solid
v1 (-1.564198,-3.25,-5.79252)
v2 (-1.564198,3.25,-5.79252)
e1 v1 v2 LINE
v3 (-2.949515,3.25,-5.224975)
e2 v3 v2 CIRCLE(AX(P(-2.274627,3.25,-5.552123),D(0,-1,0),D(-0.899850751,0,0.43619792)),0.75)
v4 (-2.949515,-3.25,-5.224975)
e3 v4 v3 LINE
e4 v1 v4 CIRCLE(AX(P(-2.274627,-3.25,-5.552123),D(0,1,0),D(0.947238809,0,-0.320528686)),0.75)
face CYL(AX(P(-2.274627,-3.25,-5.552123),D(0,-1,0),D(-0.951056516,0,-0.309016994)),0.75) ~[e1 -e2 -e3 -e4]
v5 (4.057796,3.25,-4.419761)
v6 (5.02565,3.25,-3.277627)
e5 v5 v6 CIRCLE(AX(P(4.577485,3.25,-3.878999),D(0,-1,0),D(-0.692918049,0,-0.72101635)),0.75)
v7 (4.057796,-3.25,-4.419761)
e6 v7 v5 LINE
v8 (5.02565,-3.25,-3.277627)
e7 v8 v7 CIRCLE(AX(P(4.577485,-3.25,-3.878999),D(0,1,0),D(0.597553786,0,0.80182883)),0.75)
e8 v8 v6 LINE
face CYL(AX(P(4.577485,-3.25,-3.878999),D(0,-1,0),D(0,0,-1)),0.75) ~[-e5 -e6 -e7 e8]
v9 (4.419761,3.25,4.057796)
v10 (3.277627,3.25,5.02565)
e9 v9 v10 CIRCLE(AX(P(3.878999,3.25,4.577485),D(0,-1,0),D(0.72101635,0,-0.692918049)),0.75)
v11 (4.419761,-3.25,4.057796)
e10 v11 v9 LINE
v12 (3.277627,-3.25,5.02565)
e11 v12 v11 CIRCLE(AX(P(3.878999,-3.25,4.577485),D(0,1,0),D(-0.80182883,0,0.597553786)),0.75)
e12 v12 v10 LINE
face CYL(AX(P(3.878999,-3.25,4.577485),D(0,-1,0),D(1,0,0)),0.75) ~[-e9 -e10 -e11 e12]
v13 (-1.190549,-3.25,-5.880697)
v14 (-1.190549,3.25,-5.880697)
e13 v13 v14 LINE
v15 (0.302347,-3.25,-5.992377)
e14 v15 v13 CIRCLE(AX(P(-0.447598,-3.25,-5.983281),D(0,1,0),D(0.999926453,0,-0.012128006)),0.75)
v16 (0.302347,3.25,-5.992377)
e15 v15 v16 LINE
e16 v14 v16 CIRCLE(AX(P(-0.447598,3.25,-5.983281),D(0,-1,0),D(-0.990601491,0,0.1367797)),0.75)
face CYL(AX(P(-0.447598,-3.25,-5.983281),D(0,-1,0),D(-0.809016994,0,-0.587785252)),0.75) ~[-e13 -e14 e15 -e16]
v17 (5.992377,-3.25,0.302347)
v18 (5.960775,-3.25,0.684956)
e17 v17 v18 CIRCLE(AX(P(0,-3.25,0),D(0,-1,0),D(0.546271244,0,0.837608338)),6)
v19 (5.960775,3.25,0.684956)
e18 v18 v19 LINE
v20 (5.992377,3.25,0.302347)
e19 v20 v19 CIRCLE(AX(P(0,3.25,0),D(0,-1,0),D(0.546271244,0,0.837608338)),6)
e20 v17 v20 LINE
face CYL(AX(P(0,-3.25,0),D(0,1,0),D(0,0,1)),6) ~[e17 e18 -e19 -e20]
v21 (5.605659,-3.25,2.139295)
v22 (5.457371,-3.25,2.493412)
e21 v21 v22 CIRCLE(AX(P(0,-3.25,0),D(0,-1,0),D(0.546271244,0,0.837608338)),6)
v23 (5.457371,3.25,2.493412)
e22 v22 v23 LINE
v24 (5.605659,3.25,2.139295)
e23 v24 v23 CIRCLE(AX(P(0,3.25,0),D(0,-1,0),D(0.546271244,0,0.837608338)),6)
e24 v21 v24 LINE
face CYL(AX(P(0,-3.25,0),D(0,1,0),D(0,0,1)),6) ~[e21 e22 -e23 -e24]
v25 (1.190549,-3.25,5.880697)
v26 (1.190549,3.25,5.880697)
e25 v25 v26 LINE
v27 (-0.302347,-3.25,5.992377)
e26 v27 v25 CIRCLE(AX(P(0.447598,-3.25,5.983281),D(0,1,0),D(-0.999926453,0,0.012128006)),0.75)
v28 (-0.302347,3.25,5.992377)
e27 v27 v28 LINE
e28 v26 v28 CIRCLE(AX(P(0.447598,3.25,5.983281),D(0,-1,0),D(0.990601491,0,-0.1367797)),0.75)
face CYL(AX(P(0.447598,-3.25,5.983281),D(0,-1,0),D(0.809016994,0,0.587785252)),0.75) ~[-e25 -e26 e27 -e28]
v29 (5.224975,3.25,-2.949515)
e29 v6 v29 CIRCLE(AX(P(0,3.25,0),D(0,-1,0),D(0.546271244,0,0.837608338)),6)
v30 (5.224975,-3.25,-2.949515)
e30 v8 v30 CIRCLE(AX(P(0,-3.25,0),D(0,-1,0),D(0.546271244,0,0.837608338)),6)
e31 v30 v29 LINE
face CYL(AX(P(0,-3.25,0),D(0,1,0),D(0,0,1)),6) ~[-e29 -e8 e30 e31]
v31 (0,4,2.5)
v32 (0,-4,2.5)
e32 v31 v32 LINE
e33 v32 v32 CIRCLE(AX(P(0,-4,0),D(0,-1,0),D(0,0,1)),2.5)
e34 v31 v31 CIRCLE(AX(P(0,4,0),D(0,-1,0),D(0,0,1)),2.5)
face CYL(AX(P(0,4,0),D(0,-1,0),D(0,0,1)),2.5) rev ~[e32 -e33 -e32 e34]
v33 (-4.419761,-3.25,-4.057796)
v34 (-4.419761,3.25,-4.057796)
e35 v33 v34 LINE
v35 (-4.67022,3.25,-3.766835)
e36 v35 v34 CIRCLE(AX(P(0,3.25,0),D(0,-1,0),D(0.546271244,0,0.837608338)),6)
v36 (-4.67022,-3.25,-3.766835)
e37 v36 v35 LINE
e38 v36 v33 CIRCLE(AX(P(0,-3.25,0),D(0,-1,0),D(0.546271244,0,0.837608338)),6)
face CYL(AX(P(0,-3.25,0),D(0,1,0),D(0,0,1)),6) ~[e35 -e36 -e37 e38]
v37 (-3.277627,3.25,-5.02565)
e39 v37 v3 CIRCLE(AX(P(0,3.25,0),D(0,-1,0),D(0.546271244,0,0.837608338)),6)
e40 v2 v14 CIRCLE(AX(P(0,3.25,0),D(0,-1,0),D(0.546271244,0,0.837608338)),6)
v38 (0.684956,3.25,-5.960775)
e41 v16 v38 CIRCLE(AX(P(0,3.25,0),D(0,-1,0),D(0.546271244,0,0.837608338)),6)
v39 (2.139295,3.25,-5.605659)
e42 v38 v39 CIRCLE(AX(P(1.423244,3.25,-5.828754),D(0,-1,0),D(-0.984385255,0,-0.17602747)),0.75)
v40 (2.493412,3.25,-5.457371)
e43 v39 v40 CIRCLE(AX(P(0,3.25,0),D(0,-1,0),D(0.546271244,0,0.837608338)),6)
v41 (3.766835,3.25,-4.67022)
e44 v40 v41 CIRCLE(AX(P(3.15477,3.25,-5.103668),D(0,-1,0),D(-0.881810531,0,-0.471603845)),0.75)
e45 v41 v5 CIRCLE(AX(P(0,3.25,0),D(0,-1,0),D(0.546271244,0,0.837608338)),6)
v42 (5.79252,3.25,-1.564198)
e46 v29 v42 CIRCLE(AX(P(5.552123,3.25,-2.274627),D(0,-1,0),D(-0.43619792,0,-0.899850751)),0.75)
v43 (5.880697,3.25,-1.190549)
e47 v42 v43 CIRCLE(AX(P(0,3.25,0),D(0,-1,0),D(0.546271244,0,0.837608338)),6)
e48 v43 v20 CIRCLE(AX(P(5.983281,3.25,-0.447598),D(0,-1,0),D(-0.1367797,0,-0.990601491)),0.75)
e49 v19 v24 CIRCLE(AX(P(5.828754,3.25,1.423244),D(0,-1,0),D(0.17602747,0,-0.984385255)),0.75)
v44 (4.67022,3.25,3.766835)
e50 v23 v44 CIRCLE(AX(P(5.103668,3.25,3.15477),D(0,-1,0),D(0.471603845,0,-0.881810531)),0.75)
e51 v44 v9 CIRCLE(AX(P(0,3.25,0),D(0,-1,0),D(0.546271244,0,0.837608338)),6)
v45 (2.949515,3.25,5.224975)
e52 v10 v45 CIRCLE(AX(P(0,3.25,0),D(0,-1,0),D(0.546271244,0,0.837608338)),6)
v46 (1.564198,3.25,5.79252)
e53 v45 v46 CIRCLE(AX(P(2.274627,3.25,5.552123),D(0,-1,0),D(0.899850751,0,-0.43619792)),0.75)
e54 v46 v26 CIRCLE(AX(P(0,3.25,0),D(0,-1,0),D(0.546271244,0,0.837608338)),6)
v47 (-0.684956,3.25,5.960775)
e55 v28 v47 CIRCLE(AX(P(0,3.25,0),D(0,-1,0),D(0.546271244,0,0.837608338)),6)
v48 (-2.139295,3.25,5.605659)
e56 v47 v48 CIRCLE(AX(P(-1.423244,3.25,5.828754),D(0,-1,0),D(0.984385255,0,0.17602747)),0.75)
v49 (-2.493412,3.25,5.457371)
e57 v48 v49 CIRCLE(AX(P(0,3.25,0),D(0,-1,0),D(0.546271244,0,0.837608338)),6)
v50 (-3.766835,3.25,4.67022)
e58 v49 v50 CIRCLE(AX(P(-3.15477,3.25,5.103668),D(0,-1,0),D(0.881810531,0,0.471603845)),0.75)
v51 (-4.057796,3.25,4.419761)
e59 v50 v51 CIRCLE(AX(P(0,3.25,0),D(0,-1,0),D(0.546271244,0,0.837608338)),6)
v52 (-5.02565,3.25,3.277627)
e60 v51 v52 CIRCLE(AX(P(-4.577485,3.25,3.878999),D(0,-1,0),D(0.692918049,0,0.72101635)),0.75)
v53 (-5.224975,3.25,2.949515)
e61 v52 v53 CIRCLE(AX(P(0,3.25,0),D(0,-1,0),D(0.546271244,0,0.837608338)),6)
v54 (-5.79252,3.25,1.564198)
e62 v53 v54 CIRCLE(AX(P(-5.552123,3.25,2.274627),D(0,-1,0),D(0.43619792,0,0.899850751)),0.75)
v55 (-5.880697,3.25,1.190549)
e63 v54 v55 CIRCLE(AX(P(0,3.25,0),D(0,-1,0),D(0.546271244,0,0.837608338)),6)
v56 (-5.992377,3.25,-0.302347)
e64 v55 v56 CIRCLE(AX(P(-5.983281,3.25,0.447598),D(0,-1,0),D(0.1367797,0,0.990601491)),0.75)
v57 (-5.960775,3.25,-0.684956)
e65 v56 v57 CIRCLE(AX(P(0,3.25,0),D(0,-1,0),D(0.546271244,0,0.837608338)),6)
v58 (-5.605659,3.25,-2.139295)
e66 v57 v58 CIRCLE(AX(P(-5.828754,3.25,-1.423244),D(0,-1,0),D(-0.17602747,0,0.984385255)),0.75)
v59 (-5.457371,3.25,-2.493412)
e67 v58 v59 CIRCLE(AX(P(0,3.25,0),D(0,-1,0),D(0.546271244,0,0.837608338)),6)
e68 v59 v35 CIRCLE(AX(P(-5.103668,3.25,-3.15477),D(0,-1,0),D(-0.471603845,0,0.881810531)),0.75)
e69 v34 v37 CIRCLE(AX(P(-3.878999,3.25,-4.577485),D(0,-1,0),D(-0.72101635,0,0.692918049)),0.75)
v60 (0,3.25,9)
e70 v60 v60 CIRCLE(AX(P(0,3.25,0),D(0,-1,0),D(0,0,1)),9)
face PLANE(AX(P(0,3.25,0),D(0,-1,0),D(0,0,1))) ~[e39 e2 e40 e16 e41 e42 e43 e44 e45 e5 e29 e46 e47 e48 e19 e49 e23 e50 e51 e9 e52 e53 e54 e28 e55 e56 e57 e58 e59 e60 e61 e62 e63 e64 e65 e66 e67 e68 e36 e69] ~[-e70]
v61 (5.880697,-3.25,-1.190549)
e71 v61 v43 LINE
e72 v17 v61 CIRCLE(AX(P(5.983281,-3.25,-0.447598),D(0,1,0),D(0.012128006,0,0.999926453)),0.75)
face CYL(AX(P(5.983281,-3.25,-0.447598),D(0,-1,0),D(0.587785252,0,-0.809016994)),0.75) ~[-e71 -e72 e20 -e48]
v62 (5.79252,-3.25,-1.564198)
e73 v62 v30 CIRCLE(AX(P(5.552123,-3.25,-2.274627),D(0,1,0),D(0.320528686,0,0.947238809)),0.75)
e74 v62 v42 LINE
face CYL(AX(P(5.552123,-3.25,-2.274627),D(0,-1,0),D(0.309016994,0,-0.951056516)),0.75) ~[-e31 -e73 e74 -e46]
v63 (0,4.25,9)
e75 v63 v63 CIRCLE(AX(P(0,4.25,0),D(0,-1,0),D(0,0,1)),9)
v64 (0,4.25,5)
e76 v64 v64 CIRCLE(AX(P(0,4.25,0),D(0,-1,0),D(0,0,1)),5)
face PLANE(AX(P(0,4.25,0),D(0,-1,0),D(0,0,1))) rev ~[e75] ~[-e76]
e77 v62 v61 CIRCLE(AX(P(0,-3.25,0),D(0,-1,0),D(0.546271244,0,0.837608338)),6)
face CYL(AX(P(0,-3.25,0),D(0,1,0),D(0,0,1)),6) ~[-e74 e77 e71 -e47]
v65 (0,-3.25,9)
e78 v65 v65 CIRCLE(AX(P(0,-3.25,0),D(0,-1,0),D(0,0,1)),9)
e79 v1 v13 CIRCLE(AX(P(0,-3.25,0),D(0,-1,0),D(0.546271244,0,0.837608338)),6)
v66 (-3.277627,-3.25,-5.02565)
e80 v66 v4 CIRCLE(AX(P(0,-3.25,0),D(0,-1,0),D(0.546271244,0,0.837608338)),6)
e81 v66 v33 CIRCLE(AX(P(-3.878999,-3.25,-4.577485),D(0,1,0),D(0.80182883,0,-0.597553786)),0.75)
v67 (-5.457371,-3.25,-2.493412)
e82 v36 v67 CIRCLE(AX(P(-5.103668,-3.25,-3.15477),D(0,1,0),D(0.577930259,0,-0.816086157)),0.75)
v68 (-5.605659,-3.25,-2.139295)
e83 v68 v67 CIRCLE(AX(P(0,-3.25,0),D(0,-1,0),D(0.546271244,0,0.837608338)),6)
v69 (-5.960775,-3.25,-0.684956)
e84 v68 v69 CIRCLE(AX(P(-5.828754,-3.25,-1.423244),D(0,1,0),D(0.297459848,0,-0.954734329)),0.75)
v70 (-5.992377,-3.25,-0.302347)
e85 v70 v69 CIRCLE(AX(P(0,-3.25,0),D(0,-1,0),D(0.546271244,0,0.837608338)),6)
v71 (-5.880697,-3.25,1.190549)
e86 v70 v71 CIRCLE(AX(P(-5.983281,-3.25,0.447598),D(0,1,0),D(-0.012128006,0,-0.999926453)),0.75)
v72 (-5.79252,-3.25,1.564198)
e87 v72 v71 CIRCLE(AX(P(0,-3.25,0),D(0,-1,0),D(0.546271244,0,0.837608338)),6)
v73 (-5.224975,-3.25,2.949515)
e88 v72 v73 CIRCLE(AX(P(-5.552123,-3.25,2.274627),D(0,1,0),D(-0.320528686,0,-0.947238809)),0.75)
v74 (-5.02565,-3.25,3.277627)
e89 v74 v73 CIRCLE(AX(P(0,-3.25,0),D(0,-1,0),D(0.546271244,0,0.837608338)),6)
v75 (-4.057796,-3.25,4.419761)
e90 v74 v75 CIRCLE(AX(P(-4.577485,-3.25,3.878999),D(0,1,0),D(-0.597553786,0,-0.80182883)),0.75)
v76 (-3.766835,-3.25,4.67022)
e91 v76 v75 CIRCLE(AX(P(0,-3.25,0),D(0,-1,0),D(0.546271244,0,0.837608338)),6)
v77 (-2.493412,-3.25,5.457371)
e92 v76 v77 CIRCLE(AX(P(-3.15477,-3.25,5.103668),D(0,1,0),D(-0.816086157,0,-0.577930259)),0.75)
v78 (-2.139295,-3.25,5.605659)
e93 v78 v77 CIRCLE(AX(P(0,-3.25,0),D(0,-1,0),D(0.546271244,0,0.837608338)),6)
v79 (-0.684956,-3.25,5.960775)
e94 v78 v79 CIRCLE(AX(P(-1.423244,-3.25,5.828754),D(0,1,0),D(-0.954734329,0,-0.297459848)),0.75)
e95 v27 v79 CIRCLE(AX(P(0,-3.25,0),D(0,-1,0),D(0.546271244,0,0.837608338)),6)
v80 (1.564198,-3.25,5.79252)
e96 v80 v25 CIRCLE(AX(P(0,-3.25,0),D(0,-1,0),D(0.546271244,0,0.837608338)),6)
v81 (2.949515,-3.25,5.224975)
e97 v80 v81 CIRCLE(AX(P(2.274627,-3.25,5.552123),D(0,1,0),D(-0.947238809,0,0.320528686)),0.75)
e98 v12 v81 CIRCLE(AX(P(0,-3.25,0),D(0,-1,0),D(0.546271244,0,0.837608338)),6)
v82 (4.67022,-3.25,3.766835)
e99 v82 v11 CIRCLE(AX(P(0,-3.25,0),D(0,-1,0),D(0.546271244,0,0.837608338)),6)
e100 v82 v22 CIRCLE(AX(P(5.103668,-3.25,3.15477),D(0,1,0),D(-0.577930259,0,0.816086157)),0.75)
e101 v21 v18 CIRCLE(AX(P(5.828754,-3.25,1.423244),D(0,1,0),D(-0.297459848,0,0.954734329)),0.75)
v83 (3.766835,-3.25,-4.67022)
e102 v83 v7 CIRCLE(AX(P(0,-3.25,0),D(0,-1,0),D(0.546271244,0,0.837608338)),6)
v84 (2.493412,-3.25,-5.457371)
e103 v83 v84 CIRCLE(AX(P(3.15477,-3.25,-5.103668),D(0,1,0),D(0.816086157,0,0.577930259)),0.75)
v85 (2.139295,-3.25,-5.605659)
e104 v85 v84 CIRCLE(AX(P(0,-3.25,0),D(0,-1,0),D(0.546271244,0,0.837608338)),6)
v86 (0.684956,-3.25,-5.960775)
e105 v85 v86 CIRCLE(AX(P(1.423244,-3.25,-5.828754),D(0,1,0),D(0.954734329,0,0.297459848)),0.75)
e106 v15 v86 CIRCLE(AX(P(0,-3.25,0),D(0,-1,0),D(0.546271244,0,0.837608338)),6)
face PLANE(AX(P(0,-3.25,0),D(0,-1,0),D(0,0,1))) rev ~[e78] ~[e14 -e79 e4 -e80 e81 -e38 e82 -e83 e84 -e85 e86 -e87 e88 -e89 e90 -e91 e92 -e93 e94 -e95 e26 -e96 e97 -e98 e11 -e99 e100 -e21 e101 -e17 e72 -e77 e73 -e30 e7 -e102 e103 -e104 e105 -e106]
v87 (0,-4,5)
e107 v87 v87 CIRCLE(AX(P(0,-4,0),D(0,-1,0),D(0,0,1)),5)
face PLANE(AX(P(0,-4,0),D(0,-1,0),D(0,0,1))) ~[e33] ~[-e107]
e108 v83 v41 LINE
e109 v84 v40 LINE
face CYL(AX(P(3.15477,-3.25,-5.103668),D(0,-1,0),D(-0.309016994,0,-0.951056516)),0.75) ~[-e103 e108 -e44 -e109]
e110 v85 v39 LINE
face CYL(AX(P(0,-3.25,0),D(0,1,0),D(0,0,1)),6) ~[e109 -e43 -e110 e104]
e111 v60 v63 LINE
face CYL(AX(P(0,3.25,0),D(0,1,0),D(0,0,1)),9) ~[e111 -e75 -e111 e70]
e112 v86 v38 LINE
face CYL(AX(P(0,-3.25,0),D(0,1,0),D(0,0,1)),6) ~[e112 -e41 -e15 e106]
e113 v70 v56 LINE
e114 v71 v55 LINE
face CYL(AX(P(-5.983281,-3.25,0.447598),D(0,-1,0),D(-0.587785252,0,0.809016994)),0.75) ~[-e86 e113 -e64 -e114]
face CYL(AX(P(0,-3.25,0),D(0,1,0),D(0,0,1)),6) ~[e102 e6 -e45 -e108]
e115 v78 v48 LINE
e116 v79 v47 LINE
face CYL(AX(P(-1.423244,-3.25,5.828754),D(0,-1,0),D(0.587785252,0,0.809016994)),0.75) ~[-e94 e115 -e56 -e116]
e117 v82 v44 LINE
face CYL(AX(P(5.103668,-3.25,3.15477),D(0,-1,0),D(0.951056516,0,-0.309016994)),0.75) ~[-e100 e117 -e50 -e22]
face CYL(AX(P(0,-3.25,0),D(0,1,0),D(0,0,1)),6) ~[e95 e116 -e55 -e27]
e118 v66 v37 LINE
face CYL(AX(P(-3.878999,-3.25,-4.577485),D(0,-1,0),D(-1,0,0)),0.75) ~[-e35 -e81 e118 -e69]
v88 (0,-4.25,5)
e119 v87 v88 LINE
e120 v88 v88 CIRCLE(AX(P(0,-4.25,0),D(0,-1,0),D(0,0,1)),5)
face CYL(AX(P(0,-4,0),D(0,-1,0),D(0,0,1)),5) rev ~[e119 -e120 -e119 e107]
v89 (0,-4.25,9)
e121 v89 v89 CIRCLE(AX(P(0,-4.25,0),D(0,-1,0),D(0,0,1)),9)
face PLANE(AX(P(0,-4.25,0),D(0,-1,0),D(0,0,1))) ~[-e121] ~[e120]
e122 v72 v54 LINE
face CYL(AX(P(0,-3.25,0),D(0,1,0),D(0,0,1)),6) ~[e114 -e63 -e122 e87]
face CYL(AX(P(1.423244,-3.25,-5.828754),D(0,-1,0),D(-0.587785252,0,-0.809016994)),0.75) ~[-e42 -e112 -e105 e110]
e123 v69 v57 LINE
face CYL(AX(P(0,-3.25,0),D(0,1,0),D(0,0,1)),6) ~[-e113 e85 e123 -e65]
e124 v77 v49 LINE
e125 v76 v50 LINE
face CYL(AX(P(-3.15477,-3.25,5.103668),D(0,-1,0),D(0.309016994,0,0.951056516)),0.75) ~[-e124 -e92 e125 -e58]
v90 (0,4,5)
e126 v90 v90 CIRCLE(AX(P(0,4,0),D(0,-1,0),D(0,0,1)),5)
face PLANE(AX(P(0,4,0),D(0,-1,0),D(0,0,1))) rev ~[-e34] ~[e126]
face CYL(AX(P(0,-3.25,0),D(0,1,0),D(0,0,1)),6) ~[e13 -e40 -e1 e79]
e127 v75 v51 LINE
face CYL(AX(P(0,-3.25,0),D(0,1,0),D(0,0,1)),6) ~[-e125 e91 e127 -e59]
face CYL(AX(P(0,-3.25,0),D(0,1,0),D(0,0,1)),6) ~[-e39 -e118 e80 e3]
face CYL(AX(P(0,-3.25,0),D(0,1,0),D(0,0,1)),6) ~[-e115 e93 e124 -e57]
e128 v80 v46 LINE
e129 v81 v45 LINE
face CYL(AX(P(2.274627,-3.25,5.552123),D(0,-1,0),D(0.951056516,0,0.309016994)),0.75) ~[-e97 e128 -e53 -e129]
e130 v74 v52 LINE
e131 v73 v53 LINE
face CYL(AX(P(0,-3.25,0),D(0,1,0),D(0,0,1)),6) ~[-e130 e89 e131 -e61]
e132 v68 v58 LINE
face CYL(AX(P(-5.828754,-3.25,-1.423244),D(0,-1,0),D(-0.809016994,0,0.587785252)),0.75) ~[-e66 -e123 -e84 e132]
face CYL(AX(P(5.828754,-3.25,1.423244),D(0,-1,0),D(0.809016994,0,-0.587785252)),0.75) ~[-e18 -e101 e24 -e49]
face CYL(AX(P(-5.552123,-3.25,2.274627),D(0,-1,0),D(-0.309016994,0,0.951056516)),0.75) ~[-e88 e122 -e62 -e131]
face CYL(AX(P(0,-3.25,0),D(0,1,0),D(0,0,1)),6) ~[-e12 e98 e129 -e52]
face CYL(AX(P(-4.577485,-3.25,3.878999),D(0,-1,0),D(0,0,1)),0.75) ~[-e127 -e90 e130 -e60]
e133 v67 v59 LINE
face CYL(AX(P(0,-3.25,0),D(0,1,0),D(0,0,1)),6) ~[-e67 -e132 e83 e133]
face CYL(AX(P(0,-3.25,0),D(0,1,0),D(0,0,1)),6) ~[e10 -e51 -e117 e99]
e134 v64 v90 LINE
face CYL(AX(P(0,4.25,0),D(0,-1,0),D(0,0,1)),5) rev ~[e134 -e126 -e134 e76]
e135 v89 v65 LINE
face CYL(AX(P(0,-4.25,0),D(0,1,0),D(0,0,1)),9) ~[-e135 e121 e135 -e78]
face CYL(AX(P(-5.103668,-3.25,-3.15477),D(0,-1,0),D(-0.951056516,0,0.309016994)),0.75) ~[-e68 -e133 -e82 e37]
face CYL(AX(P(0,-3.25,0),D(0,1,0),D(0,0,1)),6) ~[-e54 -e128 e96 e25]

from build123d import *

# Parameters (mm, degrees)
SKETCH_2_R               = 0.75
EXTRUDE_1_DEPTH          = 7
PATTERN_CIRCULAR_1_COUNT = 20


with BuildPart() as part:
    # 草图1 → 旋转1 (revolve)
    with BuildSketch(Plane.XY, mode=Mode.PRIVATE) as revolve_1_sk:
        Polygon((-9, 4.25), (-5, 4.25), (-5, 4), (-2.5, 4), (-2.5, -4), (-5, -4), (-5, -4.25), (-9, -4.25), (-9, -3.25), (-6, -3.25), (-6, 3.25), (-9, 3.25), align=None)
    revolve(revolve_1_sk.sketch.rotate(Axis((0, 36.523336922, 0), (0, -1, 0)), 270), axis=Axis((0, 36.523336922, 0), (0, -1, 0)))

    # 草图2 → 凸台-拉伸1 (add)
    with BuildSketch(Plane(origin=(0, -3.25, 0), x_dir=(1, 0, 0), z_dir=(0, 1, 0))):
        with Locations((3.878999087, -4.577484689)):
            Circle(SKETCH_2_R)
    extrude_1 = extrude(amount=EXTRUDE_1_DEPTH)

    # 阵列(圆周)1: 凸台-拉伸1 ×20 about axis
    pattern_circular_1_axis = Axis((0, 0, 0), (0, 1, 0))
    for i in range(1, PATTERN_CIRCULAR_1_COUNT):
        add(extrude_1.rotate(pattern_circular_1_axis, i * 360 / PATTERN_CIRCULAR_1_COUNT))


solid = part.part
